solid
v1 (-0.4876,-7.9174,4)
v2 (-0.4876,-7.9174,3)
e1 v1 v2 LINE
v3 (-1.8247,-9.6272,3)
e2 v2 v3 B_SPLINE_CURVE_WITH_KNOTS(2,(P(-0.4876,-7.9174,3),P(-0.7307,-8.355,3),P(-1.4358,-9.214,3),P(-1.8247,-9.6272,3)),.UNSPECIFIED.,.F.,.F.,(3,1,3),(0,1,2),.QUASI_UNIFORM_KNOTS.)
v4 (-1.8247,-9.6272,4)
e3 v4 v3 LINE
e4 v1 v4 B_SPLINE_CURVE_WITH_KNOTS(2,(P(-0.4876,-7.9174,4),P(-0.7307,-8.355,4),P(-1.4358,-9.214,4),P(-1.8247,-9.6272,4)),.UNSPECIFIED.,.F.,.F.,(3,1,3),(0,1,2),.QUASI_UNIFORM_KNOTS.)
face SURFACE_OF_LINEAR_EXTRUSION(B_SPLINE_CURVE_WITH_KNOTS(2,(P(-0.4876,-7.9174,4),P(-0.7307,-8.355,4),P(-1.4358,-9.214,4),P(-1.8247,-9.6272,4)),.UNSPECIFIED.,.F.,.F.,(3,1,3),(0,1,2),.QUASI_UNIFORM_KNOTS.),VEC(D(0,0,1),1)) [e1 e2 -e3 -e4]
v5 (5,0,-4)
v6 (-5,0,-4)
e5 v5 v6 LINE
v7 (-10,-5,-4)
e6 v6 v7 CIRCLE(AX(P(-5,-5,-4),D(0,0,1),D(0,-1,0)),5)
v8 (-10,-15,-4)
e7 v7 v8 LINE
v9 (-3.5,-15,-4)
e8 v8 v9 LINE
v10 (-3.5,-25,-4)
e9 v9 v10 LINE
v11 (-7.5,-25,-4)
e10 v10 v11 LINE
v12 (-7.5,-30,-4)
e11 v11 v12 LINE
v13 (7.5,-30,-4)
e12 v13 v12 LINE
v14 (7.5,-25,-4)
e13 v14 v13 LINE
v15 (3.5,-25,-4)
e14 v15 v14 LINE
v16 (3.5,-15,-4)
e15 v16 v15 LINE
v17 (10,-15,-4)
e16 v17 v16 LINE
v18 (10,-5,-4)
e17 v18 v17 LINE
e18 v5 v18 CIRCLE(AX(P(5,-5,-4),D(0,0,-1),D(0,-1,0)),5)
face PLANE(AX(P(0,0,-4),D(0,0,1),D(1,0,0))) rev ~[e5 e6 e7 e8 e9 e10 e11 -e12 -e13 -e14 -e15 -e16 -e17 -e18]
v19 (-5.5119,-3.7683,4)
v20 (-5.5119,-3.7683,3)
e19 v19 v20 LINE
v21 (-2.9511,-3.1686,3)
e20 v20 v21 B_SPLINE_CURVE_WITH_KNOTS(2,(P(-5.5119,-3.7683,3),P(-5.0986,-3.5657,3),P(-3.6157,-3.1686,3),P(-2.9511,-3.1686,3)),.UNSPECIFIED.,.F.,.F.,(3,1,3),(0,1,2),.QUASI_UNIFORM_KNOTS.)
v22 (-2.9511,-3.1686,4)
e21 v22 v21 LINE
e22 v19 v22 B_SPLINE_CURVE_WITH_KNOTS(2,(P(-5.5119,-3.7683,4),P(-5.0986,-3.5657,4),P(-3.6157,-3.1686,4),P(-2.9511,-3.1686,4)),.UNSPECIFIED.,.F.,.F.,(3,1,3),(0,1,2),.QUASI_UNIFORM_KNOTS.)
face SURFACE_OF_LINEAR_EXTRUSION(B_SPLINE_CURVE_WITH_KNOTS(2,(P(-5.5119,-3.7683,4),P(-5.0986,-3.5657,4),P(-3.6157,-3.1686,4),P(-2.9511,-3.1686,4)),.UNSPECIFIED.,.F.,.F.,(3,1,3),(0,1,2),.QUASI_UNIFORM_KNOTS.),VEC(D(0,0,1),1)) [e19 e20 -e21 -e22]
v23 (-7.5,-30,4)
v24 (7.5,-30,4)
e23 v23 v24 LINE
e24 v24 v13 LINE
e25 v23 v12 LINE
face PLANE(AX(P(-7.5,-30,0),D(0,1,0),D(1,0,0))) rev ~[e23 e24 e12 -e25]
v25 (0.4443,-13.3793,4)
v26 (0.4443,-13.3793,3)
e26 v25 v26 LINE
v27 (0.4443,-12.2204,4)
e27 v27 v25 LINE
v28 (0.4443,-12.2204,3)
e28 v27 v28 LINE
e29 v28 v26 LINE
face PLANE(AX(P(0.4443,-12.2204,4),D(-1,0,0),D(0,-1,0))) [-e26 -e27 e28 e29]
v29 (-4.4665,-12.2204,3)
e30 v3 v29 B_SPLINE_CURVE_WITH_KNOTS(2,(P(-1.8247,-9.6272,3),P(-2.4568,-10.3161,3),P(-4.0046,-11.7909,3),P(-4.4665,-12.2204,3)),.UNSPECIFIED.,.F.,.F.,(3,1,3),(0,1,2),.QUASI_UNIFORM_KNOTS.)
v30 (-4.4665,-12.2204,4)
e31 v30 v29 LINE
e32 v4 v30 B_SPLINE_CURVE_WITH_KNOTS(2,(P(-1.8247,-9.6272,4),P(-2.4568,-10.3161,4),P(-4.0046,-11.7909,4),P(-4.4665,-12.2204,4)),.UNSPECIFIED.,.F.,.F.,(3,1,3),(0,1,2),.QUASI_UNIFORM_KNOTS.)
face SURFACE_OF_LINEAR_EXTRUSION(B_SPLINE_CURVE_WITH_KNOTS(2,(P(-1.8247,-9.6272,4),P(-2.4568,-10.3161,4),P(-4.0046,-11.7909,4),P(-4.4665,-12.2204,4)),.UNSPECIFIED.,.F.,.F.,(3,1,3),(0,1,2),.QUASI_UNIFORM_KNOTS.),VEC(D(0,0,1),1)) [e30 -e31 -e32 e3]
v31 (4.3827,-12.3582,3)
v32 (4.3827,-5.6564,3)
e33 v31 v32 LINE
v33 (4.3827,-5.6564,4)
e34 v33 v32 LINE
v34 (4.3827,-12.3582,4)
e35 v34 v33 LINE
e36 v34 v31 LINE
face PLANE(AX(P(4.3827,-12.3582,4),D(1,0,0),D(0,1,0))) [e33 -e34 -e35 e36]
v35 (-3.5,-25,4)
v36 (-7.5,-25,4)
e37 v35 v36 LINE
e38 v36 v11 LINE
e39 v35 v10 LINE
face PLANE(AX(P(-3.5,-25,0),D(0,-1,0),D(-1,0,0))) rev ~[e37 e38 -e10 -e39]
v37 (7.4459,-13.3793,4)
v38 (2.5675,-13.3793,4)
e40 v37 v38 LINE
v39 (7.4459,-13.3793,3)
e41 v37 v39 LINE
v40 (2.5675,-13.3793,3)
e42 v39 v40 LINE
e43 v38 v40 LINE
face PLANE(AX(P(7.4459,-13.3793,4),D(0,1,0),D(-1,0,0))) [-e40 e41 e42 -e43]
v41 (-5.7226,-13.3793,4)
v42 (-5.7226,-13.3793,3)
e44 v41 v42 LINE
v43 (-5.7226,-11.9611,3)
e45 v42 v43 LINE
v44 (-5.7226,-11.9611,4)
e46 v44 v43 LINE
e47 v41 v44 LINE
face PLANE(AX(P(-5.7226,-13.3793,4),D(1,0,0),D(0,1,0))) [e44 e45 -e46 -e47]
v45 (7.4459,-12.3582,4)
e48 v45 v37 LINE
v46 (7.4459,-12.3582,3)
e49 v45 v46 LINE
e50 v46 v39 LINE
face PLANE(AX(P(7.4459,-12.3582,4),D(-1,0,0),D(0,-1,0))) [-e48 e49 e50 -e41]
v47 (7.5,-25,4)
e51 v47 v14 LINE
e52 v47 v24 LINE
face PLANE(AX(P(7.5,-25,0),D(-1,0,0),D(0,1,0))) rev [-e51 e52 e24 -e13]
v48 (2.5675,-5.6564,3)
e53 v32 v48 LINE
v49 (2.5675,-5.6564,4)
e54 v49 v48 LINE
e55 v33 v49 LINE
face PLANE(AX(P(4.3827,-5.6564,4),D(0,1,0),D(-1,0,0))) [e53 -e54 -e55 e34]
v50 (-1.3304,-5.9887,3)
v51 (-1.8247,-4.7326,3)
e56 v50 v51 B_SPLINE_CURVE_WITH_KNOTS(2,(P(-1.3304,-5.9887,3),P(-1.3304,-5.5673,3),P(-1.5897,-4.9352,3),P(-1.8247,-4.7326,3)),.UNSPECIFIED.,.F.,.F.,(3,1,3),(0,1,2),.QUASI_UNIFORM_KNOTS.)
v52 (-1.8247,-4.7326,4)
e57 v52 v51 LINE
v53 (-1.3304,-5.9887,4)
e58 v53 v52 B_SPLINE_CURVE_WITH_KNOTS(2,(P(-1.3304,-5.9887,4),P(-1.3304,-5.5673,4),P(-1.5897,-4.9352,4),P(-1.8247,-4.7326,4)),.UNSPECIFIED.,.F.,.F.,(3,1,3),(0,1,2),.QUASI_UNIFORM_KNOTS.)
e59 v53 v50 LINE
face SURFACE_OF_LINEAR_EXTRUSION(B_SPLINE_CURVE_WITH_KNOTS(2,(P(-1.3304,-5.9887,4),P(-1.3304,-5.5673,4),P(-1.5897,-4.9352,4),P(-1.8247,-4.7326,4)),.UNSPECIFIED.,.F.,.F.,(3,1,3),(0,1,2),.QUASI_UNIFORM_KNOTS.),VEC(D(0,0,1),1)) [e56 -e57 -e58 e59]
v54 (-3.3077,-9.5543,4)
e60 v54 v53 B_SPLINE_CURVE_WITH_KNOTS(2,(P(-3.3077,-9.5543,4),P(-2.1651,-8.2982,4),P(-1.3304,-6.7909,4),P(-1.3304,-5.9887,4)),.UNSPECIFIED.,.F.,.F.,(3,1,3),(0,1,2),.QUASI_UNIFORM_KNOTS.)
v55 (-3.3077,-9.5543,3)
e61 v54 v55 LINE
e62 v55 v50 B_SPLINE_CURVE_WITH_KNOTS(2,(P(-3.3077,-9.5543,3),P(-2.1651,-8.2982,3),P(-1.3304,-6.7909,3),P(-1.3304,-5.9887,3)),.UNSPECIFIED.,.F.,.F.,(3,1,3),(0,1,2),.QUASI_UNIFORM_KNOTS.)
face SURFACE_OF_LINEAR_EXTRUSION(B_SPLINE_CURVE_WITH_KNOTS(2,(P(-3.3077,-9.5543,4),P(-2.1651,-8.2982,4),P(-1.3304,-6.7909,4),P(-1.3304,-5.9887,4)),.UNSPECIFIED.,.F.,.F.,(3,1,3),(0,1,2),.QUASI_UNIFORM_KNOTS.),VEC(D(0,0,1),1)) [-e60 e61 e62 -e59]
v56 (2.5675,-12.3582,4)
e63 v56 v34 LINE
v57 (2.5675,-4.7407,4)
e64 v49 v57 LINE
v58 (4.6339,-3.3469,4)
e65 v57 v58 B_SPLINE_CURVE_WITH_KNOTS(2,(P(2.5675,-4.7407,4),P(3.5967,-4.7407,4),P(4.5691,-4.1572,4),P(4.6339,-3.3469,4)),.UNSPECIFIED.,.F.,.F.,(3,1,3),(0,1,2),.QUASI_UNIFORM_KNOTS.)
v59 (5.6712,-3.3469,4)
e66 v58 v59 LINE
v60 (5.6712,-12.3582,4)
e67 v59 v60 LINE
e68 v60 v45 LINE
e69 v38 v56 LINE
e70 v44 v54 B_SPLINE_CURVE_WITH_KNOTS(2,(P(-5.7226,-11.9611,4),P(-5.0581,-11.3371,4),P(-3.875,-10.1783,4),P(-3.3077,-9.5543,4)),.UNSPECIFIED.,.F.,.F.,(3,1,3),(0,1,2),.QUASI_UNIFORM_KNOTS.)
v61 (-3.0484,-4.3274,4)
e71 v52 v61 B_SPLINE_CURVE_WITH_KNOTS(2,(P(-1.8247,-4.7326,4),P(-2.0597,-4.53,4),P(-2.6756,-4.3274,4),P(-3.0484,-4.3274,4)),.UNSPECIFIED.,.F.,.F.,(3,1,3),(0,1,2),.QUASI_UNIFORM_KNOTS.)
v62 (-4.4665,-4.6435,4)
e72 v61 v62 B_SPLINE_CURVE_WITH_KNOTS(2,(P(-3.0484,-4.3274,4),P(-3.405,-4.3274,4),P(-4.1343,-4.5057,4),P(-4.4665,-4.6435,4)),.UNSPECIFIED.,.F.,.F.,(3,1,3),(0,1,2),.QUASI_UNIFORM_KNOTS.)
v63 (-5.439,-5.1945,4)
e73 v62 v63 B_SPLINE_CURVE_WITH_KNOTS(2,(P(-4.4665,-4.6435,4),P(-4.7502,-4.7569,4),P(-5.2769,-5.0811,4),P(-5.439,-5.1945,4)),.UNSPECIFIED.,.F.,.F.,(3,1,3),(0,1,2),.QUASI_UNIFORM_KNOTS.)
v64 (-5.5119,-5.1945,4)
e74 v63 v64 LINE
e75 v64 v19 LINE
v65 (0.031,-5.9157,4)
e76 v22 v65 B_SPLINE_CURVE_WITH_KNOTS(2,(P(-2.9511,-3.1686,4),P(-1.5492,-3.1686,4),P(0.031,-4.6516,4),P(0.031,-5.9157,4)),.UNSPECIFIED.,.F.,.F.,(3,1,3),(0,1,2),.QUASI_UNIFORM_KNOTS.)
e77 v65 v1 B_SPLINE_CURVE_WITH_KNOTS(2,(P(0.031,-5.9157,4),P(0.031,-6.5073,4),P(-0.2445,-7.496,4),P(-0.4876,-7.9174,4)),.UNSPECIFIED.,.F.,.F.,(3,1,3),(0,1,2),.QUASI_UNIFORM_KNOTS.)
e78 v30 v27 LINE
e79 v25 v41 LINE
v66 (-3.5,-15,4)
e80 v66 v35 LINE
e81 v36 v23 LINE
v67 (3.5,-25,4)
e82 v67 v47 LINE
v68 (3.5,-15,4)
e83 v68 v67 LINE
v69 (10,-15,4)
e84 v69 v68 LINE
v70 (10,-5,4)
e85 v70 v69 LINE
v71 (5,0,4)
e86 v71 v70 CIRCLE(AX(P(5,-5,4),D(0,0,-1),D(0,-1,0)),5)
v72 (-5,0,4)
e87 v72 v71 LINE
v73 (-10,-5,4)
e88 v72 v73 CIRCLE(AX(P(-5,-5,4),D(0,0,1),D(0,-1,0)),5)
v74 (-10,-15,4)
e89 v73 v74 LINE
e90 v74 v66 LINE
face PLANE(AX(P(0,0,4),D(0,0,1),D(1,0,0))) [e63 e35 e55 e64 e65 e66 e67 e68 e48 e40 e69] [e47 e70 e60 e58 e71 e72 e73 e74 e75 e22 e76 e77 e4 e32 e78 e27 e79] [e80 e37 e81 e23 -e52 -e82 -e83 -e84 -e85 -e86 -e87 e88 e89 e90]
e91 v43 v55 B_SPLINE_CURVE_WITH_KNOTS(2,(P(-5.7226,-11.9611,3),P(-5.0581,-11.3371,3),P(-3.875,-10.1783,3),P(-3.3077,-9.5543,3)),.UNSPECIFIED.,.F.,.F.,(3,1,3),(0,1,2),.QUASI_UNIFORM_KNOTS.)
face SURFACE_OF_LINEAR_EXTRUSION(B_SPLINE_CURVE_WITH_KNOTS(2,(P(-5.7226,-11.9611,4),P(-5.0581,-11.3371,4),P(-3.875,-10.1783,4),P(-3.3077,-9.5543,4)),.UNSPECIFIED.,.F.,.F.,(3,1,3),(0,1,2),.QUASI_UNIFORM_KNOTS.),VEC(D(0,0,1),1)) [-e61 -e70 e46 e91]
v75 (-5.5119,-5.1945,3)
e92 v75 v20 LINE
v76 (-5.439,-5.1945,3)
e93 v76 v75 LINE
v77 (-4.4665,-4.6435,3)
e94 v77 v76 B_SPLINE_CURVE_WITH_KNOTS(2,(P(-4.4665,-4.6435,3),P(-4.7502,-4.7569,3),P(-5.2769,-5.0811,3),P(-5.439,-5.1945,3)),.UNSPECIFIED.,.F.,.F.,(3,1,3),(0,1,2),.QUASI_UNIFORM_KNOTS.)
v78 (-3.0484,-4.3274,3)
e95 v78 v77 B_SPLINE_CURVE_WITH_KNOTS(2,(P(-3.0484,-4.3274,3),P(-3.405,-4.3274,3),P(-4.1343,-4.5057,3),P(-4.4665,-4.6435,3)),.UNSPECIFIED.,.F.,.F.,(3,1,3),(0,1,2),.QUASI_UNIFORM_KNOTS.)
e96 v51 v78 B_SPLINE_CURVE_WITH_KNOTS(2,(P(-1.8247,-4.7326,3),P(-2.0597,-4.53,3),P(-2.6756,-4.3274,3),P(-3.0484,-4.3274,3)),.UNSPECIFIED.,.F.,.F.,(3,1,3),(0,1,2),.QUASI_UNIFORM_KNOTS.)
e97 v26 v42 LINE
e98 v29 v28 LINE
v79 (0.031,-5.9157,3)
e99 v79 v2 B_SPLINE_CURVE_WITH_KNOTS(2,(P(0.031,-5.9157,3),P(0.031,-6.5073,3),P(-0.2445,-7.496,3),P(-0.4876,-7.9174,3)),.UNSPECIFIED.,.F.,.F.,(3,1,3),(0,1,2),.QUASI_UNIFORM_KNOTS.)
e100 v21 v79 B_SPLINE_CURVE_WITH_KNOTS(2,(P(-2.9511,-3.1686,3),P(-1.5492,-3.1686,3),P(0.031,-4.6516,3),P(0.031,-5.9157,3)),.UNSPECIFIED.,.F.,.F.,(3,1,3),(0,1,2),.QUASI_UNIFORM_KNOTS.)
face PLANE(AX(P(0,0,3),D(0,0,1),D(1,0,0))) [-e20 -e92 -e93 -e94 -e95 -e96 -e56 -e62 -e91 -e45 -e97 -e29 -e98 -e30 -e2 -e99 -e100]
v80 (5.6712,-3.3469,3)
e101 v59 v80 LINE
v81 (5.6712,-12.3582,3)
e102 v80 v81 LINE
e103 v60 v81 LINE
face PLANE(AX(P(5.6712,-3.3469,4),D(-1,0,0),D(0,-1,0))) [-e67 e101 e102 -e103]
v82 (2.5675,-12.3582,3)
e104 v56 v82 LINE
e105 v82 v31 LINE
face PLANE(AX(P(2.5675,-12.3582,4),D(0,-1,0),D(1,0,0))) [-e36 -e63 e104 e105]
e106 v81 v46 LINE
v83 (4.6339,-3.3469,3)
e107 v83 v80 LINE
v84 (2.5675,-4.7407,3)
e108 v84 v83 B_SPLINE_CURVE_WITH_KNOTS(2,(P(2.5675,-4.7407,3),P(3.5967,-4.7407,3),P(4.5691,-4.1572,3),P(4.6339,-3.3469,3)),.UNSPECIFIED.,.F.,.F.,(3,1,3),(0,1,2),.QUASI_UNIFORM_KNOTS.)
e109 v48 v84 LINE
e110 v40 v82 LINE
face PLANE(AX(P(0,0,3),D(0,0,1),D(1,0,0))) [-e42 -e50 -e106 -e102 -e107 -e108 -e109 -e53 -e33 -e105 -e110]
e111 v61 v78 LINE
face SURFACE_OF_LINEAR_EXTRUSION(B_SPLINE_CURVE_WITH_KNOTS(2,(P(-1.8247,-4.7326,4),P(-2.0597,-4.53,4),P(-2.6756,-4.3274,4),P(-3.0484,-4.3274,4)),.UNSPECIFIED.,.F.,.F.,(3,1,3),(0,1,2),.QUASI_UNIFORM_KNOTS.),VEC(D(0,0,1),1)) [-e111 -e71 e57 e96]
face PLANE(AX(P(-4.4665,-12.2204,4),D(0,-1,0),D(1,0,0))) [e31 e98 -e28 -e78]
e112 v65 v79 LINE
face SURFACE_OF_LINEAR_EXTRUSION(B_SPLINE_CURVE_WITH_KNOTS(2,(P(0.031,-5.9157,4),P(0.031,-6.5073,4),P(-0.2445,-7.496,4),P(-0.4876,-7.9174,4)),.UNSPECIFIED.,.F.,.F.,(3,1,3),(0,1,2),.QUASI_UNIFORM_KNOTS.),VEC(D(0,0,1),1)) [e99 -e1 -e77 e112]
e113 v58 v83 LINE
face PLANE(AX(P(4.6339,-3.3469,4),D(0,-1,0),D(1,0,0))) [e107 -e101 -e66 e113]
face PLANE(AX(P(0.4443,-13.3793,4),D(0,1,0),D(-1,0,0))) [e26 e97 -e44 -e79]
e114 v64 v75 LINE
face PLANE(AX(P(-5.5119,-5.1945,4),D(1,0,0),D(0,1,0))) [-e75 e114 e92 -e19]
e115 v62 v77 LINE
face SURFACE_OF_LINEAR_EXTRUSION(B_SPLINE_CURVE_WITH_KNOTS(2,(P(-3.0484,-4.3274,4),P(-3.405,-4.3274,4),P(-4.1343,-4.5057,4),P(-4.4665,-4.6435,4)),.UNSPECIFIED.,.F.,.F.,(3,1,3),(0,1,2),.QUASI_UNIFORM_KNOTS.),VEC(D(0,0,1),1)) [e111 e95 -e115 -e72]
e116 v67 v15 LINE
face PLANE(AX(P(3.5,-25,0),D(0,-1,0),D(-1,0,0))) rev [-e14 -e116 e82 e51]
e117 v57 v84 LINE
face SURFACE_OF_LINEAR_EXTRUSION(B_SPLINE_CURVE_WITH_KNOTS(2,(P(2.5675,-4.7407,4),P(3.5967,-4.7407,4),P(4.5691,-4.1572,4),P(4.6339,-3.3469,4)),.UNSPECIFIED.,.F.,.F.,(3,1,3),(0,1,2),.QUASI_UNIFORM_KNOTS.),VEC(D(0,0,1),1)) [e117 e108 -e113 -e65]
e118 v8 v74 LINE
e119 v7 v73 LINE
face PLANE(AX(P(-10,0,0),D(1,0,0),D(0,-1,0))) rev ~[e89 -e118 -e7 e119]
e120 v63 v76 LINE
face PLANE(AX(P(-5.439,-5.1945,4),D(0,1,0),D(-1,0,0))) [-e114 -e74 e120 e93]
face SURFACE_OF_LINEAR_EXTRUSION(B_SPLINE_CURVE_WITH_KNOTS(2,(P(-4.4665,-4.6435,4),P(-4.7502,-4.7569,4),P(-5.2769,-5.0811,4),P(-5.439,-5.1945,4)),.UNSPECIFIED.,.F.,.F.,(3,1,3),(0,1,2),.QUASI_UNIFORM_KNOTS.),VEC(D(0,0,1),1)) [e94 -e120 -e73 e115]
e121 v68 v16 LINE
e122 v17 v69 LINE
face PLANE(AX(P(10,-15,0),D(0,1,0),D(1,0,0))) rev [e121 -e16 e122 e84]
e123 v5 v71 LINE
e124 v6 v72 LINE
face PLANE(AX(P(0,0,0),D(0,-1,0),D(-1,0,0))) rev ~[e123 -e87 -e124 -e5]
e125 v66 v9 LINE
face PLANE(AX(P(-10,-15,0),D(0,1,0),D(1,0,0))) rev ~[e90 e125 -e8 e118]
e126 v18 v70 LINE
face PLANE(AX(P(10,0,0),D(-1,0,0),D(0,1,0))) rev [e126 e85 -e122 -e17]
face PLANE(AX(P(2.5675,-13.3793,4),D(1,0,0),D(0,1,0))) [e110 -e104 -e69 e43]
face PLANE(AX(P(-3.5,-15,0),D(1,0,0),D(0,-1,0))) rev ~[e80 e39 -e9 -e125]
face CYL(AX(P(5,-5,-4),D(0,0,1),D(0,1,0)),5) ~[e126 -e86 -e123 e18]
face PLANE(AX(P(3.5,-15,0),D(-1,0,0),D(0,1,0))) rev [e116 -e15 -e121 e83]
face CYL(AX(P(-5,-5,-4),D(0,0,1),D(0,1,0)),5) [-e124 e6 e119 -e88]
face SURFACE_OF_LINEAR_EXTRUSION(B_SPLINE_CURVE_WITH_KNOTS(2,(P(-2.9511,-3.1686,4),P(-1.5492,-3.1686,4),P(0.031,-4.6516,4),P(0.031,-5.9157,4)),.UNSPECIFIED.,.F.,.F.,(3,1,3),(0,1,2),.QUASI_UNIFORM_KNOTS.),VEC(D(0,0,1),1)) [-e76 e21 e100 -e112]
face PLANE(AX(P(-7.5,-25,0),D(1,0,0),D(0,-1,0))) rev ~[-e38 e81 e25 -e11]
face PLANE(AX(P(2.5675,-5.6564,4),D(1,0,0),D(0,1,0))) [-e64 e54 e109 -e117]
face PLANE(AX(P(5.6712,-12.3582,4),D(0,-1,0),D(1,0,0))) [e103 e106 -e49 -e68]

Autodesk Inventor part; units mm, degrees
ref_plane "XZ Plane" through (0, 0, 0) normal (0, 1, 0) x (-1, 0, 0)
ref_plane "XY Plane" through (0, 0, 0) normal (0, 0, 1) x (1, 0, 0)
sketch "스케치1" plane through (0, 0, 0) normal (0, 0, 1) x (1, 0, 0)
  line L0 (0, 0) -> (-10, 0)
  line L1 (-10, 0) -> (-10, -15)
  line L2 (-10, -15) -> (-3.5, -15)
  line L3 (-3.5, -15) -> (-3.5, -25)
  line L4 (-3.5, -25) -> (-7.5, -25)
  line L5 (-7.5, -25) -> (-7.5, -30)
  line L6 (-7.5, -30) -> (0, -30)
  line L7 (0, 0) -> (0, -30)
  dimension "d0" = 10
  dimension "d1" = 15
  dimension "d2" = 10
  dimension "d3" = 5
  dimension "d4" = 7.5
  dimension "d12" = 3.5
extrude "돌출1" add sketch "스케치1" along normal mid plane 8
mirror "미러1" about plane through (0, 0, 0) normal (1, 0, 0) of "돌출1"
fillet "모깎기1" radius 5 2 edges at (10, 0, 0) (-10, 0, 0)
sketch "스케치2" plane through (0, 0, 4) normal (0, 0, 1) x (1, 0, 0)
  line L0 (-6.452, -3.1686) -> (7.8296, -3.1686) construction
  line L1 (7.8296, -3.1686) -> (7.8296, -13.9142) construction
  line L2 (7.8296, -13.9142) -> (-6.452, -13.9142) construction
  line L3 (-6.452, -13.9142) -> (-6.452, -3.1686) construction
  line L4 (0.4443, -13.3793) -> (-5.7226, -13.3793)
  line L5 (-5.7226, -13.3793) -> (-5.7226, -11.9611)
  spline S0 degree 2 poles (-5.7226, -11.9611) (-5.0581, -11.3371) (-3.875, -10.1783) (-3.3077, -9.5543) knots 0 0 0 1 2 2 2
  spline S1 degree 2 poles (-3.3077, -9.5543) (-2.1651, -8.2982) (-1.3304, -6.7909) (-1.3304, -5.9887) knots 0 0 0 1 2 2 2
  spline S2 degree 2 poles (-1.3304, -5.9887) (-1.3304, -5.5673) (-1.5897, -4.9352) (-1.8247, -4.7326) knots 0 0 0 1 2 2 2
  spline S3 degree 2 poles (-1.8247, -4.7326) (-2.0597, -4.53) (-2.6756, -4.3274) (-3.0484, -4.3274) knots 0 0 0 1 2 2 2
  spline S4 degree 2 poles (-3.0484, -4.3274) (-3.405, -4.3274) (-4.1343, -4.5057) (-4.4665, -4.6435) knots 0 0 0 1 2 2 2
  spline S5 degree 2 poles (-4.4665, -4.6435) (-4.7502, -4.7569) (-5.2769, -5.0811) (-5.439, -5.1945) knots 0 0 0 1 2 2 2
  line L6 (-5.439, -5.1945) -> (-5.5119, -5.1945)
  line L7 (-5.5119, -5.1945) -> (-5.5119, -3.7683)
  spline S6 degree 2 poles (-5.5119, -3.7683) (-5.0986, -3.5657) (-3.6157, -3.1686) (-2.9511, -3.1686) knots 0 0 0 1 2 2 2
  spline S7 degree 2 poles (-2.9511, -3.1686) (-1.5492, -3.1686) (0.031, -4.6516) (0.031, -5.9157) knots 0 0 0 1 2 2 2
  spline S8 degree 2 poles (0.031, -5.9157) (0.031, -6.5073) (-0.2445, -7.496) (-0.4876, -7.9174) knots 0 0 0 1 2 2 2
  spline S9 degree 2 poles (-0.4876, -7.9174) (-0.7307, -8.355) (-1.4358, -9.214) (-1.8247, -9.6272) knots 0 0 0 1 2 2 2
  spline S10 degree 2 poles (-1.8247, -9.6272) (-2.4568, -10.3161) (-4.0046, -11.7909) (-4.4665, -12.2204) knots 0 0 0 1 2 2 2
  line L8 (-4.4665, -12.2204) -> (0.4443, -12.2204)
  line L9 (0.4443, -12.2204) -> (0.4443, -13.3793)
  line L10 (7.4459, -13.3793) -> (2.5675, -13.3793)
  line L11 (2.5675, -13.3793) -> (2.5675, -12.3582)
  line L12 (2.5675, -12.3582) -> (4.3827, -12.3582)
  line L13 (4.3827, -12.3582) -> (4.3827, -5.6564)
  line L14 (4.3827, -5.6564) -> (2.5675, -5.6564)
  line L15 (2.5675, -5.6564) -> (2.5675, -4.7407)
  spline S11 degree 2 poles (2.5675, -4.7407) (3.5967, -4.7407) (4.5691, -4.1572) (4.6339, -3.3469) knots 0 0 0 1 2 2 2
  line L16 (4.6339, -3.3469) -> (5.6712, -3.3469)
  line L17 (5.6712, -3.3469) -> (5.6712, -12.3582)
  line L18 (5.6712, -12.3582) -> (7.4459, -12.3582)
  line L19 (7.4459, -12.3582) -> (7.4459, -13.3793)
  point P0 (0, 0)
extrude "돌출2" cut sketch "스케치2" against normal blind 1
properties part number "2번부품"
